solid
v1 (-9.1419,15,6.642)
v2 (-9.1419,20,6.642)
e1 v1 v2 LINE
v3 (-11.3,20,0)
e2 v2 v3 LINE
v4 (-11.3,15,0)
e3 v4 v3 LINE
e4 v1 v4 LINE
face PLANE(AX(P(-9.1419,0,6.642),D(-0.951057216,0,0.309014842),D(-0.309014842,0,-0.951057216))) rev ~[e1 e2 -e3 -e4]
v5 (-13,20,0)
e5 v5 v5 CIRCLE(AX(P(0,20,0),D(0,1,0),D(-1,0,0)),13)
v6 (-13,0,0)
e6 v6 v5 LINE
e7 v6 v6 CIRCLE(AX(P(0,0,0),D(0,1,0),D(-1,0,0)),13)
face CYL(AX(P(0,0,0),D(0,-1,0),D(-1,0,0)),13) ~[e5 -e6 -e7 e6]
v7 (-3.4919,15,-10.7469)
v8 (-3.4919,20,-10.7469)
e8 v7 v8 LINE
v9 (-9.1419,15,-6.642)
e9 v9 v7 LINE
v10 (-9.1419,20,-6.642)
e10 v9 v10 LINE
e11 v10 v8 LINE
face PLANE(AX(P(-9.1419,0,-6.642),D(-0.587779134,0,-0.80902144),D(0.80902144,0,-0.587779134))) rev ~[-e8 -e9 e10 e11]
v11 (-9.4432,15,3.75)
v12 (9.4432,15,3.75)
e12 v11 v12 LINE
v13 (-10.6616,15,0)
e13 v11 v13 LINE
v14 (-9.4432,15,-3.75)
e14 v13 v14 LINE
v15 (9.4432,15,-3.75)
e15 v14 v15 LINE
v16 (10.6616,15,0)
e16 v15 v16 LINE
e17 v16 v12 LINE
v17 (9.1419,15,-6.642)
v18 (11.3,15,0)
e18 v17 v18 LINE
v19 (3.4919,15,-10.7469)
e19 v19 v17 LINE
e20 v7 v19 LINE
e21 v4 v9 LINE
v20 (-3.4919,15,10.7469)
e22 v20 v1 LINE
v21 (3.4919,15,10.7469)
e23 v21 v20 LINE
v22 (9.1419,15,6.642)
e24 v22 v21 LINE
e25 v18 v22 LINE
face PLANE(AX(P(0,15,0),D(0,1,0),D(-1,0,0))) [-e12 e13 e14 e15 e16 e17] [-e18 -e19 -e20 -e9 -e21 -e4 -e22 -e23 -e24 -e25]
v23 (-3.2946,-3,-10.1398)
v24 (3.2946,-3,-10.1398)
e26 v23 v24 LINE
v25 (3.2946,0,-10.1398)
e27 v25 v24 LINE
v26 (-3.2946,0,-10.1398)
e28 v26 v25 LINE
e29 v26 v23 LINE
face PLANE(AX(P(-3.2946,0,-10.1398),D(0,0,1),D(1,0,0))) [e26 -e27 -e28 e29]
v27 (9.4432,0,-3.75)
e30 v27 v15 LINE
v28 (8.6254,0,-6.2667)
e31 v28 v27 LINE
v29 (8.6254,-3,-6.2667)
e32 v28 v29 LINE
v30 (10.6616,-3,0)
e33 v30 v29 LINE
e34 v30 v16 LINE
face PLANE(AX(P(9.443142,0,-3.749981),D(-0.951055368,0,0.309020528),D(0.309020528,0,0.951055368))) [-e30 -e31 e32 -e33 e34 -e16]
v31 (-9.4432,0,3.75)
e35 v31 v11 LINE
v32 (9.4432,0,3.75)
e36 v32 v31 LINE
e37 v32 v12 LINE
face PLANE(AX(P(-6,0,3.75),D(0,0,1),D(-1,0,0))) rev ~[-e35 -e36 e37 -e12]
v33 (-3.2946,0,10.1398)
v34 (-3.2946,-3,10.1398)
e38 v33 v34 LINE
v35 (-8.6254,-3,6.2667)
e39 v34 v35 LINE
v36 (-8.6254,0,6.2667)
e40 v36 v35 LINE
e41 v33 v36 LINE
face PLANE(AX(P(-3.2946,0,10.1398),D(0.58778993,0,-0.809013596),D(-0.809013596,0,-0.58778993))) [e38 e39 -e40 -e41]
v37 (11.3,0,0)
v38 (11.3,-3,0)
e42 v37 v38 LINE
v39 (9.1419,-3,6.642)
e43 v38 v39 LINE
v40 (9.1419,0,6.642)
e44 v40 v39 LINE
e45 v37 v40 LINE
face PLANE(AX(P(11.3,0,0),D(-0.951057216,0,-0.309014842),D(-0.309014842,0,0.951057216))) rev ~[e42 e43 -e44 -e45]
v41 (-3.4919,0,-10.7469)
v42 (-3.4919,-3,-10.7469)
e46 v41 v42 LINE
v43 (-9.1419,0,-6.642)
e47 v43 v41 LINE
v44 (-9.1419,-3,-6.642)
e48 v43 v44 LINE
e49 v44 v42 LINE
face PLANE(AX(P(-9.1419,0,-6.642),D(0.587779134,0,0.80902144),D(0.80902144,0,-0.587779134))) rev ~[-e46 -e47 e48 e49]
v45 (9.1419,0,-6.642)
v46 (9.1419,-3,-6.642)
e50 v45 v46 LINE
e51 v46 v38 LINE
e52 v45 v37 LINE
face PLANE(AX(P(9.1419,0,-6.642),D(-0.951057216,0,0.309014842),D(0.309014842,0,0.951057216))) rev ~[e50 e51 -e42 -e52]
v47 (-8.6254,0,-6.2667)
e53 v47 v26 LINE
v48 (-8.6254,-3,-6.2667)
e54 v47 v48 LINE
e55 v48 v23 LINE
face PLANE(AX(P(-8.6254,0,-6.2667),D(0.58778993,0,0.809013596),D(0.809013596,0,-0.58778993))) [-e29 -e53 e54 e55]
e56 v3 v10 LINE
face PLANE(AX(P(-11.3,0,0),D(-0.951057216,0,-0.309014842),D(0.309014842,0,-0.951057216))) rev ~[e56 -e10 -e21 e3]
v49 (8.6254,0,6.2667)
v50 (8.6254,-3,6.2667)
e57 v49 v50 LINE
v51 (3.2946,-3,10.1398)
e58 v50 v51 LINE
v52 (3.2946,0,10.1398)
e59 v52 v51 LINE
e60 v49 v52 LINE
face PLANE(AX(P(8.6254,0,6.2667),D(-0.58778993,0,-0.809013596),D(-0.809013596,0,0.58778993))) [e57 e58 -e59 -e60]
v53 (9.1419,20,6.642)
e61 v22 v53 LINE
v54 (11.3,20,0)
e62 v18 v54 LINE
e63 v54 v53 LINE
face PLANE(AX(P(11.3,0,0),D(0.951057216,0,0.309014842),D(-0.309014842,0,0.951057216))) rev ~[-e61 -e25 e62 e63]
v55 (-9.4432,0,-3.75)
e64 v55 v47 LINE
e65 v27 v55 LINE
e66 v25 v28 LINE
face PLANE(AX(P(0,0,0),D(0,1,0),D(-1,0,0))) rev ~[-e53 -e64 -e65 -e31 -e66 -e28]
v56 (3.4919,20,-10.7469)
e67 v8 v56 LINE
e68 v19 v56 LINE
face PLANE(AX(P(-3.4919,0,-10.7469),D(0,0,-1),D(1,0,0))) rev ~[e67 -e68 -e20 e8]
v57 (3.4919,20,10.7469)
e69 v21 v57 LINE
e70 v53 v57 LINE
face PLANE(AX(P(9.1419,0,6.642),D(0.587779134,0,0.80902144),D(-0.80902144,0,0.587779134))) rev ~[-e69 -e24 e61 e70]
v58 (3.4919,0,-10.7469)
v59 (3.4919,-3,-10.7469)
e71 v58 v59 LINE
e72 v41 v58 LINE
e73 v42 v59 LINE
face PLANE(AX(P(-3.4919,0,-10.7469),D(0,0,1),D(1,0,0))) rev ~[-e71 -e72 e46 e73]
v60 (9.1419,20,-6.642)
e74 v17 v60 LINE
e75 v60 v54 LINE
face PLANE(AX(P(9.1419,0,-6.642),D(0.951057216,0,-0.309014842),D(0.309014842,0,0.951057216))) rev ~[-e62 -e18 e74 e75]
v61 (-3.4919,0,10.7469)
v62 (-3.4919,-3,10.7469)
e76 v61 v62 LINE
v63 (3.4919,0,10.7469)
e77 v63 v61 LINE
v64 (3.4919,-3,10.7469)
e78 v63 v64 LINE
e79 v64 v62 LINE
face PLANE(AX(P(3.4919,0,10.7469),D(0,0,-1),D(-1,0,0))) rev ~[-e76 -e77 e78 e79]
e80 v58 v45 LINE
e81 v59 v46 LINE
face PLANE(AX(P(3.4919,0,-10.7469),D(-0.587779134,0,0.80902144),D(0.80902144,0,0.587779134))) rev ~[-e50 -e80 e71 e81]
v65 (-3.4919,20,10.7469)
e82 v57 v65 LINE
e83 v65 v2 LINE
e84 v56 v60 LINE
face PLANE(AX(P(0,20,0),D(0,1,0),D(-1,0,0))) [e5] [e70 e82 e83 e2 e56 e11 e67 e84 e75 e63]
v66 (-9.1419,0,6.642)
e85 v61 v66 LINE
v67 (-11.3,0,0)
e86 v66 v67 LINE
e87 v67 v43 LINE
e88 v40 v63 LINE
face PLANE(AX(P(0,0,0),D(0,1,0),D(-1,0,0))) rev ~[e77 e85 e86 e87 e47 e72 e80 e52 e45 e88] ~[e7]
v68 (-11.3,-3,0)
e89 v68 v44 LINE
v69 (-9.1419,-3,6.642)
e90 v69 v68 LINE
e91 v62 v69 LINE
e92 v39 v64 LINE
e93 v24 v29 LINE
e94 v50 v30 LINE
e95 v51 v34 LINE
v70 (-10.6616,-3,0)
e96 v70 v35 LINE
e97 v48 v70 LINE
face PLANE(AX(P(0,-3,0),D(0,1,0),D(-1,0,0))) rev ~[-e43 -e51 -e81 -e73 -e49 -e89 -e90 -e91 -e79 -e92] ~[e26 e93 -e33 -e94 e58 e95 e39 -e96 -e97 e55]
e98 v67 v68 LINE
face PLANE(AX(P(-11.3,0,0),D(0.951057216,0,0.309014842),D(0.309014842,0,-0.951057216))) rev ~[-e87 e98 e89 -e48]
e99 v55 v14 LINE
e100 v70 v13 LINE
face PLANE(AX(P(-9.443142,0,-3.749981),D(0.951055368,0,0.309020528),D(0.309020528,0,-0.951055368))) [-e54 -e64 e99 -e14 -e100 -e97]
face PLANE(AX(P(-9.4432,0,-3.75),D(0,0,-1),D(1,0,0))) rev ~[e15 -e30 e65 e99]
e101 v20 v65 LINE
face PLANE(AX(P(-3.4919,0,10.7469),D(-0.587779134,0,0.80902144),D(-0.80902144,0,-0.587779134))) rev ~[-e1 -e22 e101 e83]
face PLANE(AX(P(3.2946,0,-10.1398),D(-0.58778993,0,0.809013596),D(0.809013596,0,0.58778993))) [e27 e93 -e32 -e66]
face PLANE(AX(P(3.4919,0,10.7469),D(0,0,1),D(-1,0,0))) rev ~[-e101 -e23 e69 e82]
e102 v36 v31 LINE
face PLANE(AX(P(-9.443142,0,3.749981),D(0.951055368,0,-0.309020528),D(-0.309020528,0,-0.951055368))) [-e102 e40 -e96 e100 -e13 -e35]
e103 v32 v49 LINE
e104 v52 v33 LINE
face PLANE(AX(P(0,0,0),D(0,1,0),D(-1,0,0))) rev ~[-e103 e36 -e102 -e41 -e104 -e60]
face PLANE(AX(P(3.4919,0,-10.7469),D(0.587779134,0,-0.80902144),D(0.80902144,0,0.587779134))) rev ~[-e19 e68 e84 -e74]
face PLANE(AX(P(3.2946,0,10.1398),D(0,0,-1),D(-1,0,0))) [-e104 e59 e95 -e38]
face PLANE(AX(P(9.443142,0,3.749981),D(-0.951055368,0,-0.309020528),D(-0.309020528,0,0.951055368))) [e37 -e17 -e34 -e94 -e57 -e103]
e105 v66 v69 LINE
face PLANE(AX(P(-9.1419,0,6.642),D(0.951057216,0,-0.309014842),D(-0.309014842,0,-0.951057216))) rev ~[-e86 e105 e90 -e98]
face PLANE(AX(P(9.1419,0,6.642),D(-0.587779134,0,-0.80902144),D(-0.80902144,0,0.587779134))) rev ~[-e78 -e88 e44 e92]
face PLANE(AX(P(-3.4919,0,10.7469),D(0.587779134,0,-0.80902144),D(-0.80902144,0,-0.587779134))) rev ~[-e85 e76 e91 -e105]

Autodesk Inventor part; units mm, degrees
ref_plane "YZ Plane" through (0, 0, 0) normal (1, 0, 0) x (0, 1, 0)
ref_plane "XZ Plane" through (0, 0, 0) normal (0, 1, 0) x (-1, 0, 0)
ref_plane "XY Plane" through (0, 0, 0) normal (0, 0, 1) x (1, 0, 0)
sketch "Sketch1" plane through (0, 0, 0) normal (0, 1, 0) x (-1, 0, 0)
  circle A0 centre (0, 0) radius 13
  line L0 (-10.6616, 0) -> (-8.6254, 6.2667)
  line L1 (-8.6254, 6.2667) -> (-3.2946, 10.1398)
  line L2 (-3.2946, 10.1398) -> (3.2946, 10.1398)
  line L3 (3.2946, 10.1398) -> (8.6254, 6.2667)
  line L4 (8.6254, 6.2667) -> (10.6616, 0)
  line L5 (10.6616, 0) -> (8.6254, -6.2667)
  line L6 (8.6254, -6.2667) -> (3.2946, -10.1398)
  line L7 (3.2946, -10.1398) -> (-3.2946, -10.1398)
  line L8 (-3.2946, -10.1398) -> (-8.6254, -6.2667)
  line L9 (-8.6254, -6.2667) -> (-10.6616, 0)
  line L10 (-11.3, 0) -> (-9.1419, 6.642)
  line L11 (-9.1419, 6.642) -> (-3.4919, 10.7469)
  line L12 (-3.4919, 10.7469) -> (3.4919, 10.7469)
  line L13 (3.4919, 10.7469) -> (9.1419, 6.642)
  line L14 (9.1419, 6.642) -> (11.3, 0)
  line L15 (11.3, 0) -> (9.1419, -6.642)
  line L16 (9.1419, -6.642) -> (3.4919, -10.7469)
  line L17 (3.4919, -10.7469) -> (-3.4919, -10.7469)
  line L18 (-3.4919, -10.7469) -> (-9.1419, -6.642)
  line L19 (-9.1419, -6.642) -> (-11.3, 0)
  circle A1 centre (-6, 0) radius 3.75
  circle A2 centre (6, 0) radius 3.75
  line L20 (9.4432, -3.75) -> (-9.4432, -3.75)
  line L21 (-9.4432, 3.75) -> (9.4432, 3.75)
  dimension "d0" = 26
  dimension "d8" = 7.5
  dimension "d9" = 7.5
extrude "Extrusion1" add sketch "Sketch1" against normal blind 3 contours L10 L11 L12 L13 L14 L15 L16 L17 L18 L19
extrude "Extrusion2" add sketch "Sketch1" along normal blind 20 contours A0
extrude "Extrusion3" add sketch "Sketch1" along normal blind 15 contours L0 L1 L2 L3 L4 L21 | L20 L5 L6 L7 L8 L9 | L10 L11 L12 L13 L14 L15 L16 L17 L18 L19
properties part number "Probe P2"
